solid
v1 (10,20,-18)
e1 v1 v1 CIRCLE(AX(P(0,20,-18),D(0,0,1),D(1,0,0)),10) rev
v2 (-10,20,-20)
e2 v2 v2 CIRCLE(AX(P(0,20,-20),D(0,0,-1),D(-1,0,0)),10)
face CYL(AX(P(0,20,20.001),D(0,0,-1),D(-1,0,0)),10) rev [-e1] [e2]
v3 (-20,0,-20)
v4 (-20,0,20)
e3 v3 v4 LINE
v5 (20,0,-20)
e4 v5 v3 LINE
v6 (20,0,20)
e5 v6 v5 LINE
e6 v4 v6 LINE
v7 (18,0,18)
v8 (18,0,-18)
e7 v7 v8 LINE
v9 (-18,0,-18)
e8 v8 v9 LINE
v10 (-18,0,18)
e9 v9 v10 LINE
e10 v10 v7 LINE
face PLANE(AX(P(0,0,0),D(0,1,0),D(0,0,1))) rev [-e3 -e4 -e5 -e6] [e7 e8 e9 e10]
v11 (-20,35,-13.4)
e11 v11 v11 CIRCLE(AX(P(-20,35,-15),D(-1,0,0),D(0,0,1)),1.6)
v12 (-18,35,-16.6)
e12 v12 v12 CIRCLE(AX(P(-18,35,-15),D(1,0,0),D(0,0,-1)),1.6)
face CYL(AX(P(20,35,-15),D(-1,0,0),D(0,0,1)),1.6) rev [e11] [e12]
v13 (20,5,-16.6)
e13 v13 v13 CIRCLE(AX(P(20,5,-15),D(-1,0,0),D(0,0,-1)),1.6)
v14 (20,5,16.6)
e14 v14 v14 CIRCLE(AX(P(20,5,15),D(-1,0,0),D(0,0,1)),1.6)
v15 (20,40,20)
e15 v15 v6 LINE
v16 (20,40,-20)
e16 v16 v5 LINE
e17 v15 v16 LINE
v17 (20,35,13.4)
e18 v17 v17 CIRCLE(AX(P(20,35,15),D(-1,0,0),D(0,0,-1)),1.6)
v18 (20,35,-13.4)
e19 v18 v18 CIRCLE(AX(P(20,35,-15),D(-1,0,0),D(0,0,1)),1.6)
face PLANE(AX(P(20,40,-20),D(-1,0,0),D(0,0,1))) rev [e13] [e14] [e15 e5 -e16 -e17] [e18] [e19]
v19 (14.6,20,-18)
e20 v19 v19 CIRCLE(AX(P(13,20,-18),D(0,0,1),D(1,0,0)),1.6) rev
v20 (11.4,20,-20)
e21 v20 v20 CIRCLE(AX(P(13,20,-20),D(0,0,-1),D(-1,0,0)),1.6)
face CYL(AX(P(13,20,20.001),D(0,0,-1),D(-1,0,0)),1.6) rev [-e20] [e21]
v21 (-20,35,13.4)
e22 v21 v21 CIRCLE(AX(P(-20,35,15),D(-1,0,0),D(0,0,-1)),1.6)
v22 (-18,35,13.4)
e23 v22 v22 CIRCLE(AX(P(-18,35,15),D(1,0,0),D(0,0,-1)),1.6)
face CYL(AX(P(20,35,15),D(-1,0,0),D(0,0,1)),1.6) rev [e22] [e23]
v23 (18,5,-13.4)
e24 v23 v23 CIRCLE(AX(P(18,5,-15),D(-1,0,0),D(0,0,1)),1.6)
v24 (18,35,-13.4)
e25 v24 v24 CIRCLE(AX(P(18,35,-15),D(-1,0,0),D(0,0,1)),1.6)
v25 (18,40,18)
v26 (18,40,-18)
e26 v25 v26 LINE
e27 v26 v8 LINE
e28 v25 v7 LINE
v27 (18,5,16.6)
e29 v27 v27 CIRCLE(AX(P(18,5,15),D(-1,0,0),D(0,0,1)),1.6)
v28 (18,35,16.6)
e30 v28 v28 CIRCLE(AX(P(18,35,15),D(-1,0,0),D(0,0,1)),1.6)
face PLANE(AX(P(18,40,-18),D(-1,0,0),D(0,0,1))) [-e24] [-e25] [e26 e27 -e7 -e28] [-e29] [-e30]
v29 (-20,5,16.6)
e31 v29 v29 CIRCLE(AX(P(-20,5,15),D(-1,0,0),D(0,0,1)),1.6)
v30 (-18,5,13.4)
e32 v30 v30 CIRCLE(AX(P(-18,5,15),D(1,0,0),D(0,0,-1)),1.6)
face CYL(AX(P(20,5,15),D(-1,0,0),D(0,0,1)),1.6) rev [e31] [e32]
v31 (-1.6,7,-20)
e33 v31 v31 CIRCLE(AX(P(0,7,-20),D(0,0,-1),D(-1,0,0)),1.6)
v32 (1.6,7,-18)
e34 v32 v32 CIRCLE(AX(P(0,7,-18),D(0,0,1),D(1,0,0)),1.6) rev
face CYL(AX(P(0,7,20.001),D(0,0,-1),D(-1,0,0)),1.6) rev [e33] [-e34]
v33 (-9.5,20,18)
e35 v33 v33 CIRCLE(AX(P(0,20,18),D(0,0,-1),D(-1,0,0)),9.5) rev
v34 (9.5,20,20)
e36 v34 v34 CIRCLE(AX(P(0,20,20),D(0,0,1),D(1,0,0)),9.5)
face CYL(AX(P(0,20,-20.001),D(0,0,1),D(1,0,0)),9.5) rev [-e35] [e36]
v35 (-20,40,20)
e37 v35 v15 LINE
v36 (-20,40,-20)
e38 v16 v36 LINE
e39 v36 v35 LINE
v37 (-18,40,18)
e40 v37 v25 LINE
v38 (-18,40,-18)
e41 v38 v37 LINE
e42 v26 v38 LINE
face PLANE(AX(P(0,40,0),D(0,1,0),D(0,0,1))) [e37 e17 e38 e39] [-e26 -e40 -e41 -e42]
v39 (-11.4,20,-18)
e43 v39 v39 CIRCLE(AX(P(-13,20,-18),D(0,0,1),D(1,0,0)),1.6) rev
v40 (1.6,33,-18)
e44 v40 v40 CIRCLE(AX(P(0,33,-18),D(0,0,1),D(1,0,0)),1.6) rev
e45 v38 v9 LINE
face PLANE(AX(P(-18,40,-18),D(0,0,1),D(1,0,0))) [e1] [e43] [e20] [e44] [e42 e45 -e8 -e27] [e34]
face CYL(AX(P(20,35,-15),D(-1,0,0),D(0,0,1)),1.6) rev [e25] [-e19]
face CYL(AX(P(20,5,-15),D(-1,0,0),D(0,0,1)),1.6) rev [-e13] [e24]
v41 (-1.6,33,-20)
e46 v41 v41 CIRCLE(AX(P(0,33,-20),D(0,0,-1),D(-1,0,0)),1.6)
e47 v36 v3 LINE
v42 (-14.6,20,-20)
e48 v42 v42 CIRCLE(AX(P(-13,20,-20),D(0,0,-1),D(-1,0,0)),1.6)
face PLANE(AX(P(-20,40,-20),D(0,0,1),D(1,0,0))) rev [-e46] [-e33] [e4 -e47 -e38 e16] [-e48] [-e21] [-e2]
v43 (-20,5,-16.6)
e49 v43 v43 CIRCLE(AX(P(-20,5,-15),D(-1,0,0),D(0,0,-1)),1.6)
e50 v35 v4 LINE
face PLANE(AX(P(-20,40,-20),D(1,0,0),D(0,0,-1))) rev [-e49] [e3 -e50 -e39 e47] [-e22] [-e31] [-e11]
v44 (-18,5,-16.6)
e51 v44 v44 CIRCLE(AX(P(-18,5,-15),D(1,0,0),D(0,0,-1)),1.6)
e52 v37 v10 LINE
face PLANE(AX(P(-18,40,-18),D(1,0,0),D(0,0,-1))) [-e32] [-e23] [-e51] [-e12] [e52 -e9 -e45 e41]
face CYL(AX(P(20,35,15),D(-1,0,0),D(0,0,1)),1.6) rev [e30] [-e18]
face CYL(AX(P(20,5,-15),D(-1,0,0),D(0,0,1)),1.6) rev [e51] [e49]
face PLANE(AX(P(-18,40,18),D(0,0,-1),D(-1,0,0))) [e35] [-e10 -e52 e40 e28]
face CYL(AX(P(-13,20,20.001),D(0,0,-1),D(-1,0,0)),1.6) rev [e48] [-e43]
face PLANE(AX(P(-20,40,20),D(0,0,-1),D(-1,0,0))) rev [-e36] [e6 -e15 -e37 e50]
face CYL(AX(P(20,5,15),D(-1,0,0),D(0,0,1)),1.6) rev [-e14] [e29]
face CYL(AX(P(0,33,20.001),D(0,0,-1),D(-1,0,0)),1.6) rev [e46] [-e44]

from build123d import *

# Parameters (mm, degrees)
SKETCH_1_W          = 40
SKETCH_1_H          = 40
SKETCH_1_W_2        = 36
SKETCH_1_H_2        = 36
EXTRUDE_1_DEPTH     = 40
CUT_EXTRUDE_1_REACH = 62
SKETCH_2_R          = 10
SKETCH_2_R_2        = 1.6
CUT_EXTRUDE_2_REACH = 62
SKETCH_3_R          = 9.5
SKETCH_4_R          = 1.6
CUT_EXTRUDE_3_DEPTH = 61


with BuildPart() as part:
    # ｽｹｯﾁ1 → ﾎﾞｽ - 押し出し1 (new body)
    with BuildSketch(Plane(origin=(0, 0, 0), x_dir=(1, 0, 0), z_dir=(0, 1, 0))):
        Rectangle(SKETCH_1_W, SKETCH_1_H)
        Rectangle(SKETCH_1_W_2, SKETCH_1_H_2, mode=Mode.SUBTRACT)
    extrude(amount=EXTRUDE_1_DEPTH)

    # ｽｹｯﾁ2 → ｶｯﾄ - 押し出し1 (cut, up to next)
    with BuildSketch(Plane(origin=(0, 0, -20), x_dir=(-1, 0, 0), z_dir=(0, 0, -1)), mode=Mode.PRIVATE) as cut_extrude_1_sk1:
        with Locations((0, 20)):
            Circle(SKETCH_2_R)
    cut_extrude_1_tool1 = extrude(cut_extrude_1_sk1.sketch, amount=-CUT_EXTRUDE_1_REACH, mode=Mode.PRIVATE) & part.part
    # ｽｹｯﾁ2 → ｶｯﾄ - 押し出し1 (cut, up to next)
    with BuildSketch(Plane(origin=(0, 0, -20), x_dir=(-1, 0, 0), z_dir=(0, 0, -1)), mode=Mode.PRIVATE) as cut_extrude_1_sk2:
        with Locations((0, 33)):
            Circle(SKETCH_2_R_2)
    cut_extrude_1_tool2 = extrude(cut_extrude_1_sk2.sketch, amount=-CUT_EXTRUDE_1_REACH, mode=Mode.PRIVATE) & part.part
    # ｽｹｯﾁ2 → ｶｯﾄ - 押し出し1 (cut, up to next)
    with BuildSketch(Plane(origin=(0, 0, -20), x_dir=(-1, 0, 0), z_dir=(0, 0, -1)), mode=Mode.PRIVATE) as cut_extrude_1_sk3:
        with Locations((13, 20)):
            Circle(SKETCH_2_R_2)
    cut_extrude_1_tool3 = extrude(cut_extrude_1_sk3.sketch, amount=-CUT_EXTRUDE_1_REACH, mode=Mode.PRIVATE) & part.part
    # ｽｹｯﾁ2 → ｶｯﾄ - 押し出し1 (cut, up to next)
    with BuildSketch(Plane(origin=(0, 0, -20), x_dir=(-1, 0, 0), z_dir=(0, 0, -1)), mode=Mode.PRIVATE) as cut_extrude_1_sk4:
        with Locations((0, 7)):
            Circle(SKETCH_2_R_2)
    cut_extrude_1_tool4 = extrude(cut_extrude_1_sk4.sketch, amount=-CUT_EXTRUDE_1_REACH, mode=Mode.PRIVATE) & part.part
    # ｽｹｯﾁ2 → ｶｯﾄ - 押し出し1 (cut, up to next)
    with BuildSketch(Plane(origin=(0, 0, -20), x_dir=(-1, 0, 0), z_dir=(0, 0, -1)), mode=Mode.PRIVATE) as cut_extrude_1_sk5:
        with Locations((-13, 20)):
            Circle(SKETCH_2_R_2)
    cut_extrude_1_tool5 = extrude(cut_extrude_1_sk5.sketch, amount=-CUT_EXTRUDE_1_REACH, mode=Mode.PRIVATE) & part.part
    add(cut_extrude_1_tool1.solids().sort_by_distance((0, 20, -20))[0], mode=Mode.SUBTRACT)
    add(cut_extrude_1_tool2.solids().sort_by_distance((0, 33, -20))[0], mode=Mode.SUBTRACT)
    add(cut_extrude_1_tool3.solids().sort_by_distance((-13, 20, -20))[0], mode=Mode.SUBTRACT)
    add(cut_extrude_1_tool4.solids().sort_by_distance((0, 7, -20))[0], mode=Mode.SUBTRACT)
    add(cut_extrude_1_tool5.solids().sort_by_distance((13, 20, -20))[0], mode=Mode.SUBTRACT)

    # ｽｹｯﾁ3 → ｶｯﾄ - 押し出し2 (cut, up to next)
    with BuildSketch(Plane.XY.offset(20), mode=Mode.PRIVATE) as cut_extrude_2_sk1:
        with Locations((0, 20)):
            Circle(SKETCH_3_R)
    cut_extrude_2_tool1 = extrude(cut_extrude_2_sk1.sketch, amount=-CUT_EXTRUDE_2_REACH, mode=Mode.PRIVATE) & part.part
    add(cut_extrude_2_tool1.solids().sort_by_distance((0, 20, 20))[0], mode=Mode.SUBTRACT)

    # ｽｹｯﾁ4 → ｶｯﾄ - 押し出し3 (cut, through all)
    with BuildSketch(Plane.ZY.offset(20)):
        with Locations((15, 5)):
            Circle(SKETCH_4_R)
        with Locations((-15, 5)):
            Circle(SKETCH_4_R)
        with Locations((15, 35)):
            Circle(SKETCH_4_R)
        with Locations((-15, 35)):
            Circle(SKETCH_4_R)
    extrude(amount=-CUT_EXTRUDE_3_DEPTH, mode=Mode.SUBTRACT)


solid = part.part
